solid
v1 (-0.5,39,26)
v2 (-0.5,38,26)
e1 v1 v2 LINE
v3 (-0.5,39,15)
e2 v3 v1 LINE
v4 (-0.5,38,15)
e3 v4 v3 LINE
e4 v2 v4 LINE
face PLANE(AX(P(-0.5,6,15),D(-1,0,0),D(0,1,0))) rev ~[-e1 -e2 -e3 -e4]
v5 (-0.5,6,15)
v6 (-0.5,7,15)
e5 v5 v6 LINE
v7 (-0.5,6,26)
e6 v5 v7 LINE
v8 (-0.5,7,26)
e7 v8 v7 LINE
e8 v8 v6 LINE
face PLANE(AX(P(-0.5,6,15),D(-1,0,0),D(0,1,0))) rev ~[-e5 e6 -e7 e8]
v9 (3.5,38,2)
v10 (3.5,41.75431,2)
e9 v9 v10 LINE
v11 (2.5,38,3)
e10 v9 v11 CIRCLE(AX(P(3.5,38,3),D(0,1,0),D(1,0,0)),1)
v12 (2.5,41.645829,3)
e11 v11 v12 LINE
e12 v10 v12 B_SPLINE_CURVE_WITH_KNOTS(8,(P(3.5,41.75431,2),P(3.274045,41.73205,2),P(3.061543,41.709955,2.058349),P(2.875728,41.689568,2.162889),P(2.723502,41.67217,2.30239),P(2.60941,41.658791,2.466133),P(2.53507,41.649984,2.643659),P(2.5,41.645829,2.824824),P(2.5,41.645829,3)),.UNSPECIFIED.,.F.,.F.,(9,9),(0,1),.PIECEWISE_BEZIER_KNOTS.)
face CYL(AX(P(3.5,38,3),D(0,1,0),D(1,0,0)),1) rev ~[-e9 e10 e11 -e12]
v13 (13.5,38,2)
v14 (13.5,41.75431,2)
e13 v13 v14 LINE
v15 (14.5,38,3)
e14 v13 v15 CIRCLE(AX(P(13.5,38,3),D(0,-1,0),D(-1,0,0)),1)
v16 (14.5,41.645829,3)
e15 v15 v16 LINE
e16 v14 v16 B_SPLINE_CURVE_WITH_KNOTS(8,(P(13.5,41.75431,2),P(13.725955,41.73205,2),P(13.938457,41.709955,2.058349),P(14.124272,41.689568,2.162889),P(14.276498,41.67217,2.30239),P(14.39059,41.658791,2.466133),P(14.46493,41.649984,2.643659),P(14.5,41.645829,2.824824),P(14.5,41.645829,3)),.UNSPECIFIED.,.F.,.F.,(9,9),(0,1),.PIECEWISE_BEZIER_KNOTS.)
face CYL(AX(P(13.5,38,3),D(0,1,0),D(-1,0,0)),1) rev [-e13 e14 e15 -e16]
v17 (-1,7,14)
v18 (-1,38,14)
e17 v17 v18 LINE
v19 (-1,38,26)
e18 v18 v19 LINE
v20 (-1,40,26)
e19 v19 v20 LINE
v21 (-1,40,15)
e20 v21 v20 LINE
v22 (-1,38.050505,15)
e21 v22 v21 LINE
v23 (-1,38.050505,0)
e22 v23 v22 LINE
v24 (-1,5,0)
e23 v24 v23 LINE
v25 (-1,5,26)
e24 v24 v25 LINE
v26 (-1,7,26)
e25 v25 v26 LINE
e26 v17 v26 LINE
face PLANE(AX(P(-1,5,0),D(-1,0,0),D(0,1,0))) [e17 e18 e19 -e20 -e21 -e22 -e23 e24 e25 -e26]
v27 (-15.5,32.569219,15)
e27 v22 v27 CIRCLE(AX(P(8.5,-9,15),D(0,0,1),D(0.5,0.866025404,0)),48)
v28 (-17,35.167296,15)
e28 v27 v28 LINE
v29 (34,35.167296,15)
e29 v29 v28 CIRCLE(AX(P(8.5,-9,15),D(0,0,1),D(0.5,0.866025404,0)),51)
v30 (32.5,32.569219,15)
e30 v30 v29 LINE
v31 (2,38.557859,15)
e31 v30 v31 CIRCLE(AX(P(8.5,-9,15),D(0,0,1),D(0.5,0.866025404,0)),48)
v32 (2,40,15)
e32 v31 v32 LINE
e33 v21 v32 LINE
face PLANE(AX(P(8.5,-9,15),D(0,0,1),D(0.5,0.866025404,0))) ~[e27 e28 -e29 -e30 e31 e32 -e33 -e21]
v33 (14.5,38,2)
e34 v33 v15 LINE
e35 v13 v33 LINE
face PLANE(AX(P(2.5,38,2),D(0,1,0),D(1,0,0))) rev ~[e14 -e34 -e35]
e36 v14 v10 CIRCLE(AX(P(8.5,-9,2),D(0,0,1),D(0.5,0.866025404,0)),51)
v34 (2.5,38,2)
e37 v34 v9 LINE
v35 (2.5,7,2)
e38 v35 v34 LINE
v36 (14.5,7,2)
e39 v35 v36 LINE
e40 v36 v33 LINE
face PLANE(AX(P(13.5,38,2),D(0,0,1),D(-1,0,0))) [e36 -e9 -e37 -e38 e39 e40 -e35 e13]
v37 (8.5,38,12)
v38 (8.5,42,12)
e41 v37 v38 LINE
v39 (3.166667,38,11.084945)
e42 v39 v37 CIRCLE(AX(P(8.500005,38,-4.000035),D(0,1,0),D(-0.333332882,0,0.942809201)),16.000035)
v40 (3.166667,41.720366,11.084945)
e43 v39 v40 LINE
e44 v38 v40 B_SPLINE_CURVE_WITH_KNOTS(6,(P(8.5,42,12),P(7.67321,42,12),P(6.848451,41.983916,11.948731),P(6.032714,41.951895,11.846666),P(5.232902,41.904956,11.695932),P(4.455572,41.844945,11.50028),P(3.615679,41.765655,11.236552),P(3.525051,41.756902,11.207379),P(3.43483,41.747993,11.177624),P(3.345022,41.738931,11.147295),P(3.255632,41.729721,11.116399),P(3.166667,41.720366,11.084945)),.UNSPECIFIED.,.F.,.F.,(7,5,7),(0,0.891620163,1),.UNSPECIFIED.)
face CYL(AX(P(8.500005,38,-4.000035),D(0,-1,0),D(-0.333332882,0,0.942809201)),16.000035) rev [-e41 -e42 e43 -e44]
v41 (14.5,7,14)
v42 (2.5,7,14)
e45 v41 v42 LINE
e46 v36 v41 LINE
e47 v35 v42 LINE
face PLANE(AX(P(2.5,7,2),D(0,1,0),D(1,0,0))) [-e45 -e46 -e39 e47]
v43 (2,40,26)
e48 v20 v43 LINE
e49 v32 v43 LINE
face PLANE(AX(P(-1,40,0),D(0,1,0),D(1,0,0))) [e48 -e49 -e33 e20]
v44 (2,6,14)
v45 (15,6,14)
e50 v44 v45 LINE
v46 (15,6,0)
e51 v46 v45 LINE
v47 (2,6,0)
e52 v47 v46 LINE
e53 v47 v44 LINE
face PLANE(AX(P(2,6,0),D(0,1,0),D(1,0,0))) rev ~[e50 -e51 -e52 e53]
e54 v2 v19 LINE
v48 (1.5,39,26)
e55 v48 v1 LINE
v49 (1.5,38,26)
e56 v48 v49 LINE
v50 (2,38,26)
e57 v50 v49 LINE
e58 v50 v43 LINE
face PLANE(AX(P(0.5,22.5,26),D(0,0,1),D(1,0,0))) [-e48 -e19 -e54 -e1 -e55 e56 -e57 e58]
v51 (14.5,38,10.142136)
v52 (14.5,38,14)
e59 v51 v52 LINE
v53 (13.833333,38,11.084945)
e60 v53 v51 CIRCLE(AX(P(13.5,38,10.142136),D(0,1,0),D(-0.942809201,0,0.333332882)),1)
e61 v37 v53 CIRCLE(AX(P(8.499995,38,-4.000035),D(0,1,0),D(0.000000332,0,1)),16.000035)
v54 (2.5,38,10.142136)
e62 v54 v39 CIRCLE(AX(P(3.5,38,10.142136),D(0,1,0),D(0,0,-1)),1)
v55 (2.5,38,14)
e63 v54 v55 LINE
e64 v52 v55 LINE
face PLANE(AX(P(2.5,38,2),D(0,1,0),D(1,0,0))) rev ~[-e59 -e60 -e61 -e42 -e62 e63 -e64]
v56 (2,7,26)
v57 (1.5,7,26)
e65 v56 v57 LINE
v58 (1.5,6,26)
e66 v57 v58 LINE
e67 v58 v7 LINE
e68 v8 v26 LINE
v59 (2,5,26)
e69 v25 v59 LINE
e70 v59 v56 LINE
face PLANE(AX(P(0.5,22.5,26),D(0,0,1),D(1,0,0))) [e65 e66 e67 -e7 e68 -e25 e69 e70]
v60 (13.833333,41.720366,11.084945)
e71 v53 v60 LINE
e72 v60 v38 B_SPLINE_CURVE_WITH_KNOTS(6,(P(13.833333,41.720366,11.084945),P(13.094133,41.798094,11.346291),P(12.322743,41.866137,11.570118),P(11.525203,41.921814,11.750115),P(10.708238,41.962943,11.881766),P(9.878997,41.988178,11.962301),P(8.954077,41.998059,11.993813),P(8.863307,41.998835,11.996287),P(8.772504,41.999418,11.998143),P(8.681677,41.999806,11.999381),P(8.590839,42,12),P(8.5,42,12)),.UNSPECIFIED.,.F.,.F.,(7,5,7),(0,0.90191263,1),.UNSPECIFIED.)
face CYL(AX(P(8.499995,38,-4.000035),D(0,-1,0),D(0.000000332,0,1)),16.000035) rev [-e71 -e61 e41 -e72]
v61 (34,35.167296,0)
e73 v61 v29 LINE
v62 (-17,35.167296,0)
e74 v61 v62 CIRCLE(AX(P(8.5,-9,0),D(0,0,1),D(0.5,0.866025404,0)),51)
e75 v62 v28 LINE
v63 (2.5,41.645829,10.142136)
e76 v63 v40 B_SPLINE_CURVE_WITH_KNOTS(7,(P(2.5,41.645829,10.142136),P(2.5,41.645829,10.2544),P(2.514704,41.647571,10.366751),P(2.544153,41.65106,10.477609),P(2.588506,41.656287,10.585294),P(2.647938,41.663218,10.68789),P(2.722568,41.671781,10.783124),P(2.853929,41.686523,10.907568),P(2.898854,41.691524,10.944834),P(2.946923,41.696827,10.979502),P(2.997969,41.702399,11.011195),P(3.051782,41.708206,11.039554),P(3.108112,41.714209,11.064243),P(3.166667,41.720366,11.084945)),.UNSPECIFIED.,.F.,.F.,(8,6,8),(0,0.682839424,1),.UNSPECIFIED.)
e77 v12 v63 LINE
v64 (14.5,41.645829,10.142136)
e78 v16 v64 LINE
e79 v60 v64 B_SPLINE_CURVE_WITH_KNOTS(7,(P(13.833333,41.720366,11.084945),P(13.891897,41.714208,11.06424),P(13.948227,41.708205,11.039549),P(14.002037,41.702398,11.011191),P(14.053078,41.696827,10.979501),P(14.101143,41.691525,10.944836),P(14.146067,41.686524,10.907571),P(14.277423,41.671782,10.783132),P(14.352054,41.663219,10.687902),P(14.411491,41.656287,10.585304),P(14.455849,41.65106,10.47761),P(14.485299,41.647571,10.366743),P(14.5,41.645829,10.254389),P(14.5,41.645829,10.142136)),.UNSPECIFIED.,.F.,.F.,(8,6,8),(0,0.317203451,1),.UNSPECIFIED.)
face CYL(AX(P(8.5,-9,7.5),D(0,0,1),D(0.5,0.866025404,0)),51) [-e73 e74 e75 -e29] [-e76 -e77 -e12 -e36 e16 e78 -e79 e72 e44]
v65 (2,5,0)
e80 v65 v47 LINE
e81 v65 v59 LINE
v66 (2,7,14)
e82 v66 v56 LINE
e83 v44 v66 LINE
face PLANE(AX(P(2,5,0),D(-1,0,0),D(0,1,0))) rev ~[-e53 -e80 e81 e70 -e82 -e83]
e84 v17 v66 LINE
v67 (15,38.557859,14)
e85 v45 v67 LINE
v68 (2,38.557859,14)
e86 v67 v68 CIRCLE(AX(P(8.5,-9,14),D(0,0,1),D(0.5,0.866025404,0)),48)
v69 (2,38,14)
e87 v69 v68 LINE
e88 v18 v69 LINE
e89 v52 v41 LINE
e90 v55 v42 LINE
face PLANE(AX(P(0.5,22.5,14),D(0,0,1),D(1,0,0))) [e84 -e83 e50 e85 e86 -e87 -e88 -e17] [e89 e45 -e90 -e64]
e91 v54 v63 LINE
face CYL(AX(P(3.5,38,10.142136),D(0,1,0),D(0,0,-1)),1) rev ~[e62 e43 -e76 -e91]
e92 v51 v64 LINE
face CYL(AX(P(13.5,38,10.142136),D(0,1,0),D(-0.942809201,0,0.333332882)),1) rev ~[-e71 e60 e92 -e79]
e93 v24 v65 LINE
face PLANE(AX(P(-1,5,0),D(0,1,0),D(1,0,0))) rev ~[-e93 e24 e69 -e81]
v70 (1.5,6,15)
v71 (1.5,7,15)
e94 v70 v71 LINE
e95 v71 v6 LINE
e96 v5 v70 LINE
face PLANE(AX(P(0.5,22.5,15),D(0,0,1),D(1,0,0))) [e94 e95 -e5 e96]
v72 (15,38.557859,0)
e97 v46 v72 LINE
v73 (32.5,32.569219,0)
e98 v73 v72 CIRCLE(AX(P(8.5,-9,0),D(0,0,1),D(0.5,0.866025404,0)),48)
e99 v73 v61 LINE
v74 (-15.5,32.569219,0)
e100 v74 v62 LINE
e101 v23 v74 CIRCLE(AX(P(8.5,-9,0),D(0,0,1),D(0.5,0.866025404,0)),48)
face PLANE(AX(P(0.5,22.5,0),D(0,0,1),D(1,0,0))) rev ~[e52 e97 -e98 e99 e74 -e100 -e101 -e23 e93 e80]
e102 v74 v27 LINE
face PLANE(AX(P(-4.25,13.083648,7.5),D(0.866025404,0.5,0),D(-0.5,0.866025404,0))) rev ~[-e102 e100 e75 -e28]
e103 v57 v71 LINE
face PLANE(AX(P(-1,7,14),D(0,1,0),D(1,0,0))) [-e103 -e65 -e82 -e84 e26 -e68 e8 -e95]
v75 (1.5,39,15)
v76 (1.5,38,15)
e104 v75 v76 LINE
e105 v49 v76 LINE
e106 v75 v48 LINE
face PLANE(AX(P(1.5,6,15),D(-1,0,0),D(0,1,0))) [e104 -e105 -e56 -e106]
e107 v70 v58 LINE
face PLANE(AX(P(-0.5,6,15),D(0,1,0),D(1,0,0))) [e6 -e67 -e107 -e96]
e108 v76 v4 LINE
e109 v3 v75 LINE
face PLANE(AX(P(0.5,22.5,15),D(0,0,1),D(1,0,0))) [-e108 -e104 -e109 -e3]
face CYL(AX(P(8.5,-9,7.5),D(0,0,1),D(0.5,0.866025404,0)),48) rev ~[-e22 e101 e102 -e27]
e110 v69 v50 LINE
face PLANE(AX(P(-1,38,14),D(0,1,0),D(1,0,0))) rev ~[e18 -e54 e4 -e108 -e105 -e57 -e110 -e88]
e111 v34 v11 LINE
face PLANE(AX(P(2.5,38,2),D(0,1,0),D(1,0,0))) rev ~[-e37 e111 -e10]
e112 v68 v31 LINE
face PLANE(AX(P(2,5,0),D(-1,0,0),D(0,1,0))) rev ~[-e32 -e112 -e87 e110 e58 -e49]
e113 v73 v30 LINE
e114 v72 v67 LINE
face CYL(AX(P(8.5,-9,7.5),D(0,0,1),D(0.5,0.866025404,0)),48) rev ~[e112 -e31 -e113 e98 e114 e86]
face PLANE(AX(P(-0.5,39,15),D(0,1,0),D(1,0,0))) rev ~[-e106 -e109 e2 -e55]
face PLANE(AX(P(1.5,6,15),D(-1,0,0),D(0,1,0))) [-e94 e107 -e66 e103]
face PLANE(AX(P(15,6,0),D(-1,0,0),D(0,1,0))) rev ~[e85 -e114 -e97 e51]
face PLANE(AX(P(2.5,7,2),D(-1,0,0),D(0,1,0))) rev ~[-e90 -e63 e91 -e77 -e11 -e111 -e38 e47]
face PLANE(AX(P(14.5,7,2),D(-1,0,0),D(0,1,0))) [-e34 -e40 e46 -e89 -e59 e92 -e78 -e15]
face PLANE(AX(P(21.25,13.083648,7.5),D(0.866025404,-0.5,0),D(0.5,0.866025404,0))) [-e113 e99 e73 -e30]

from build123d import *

# Parameters (mm, degrees)
BOX004_W                    = 3
BOX004_H                    = 31
BOX004_DEPTH                = 14
BOX003_W                    = 2
BOX003_H                    = 33
BOX003_DEPTH                = 11.2
BOX002_W                    = 3
BOX002_H                    = 35
BOX002_DEPTH                = 26
EXTRUDE_DEPTH               = 5
EXTRUDE001_DEPTH            = 5
THICKNESS_T                 = 1
BOX_W                       = 12
BOX_H                       = 31
BOX_DEPTH                   = 15
BOX001_W                    = 13
BOX001_H                    = 34
BOX001_DEPTH                = 14
CYLINDER001_W               = 48
CYLINDER001_H               = 15
CYLINDER001_ANGLE           = 60
CYLINDER001_PLACEMENT_ANGLE = 60
CYLINDER_W                  = 51
CYLINDER_H                  = 15
CYLINDER_ANGLE              = 60
CYLINDER_PLACEMENT_ANGLE    = 60


with BuildPart() as slot_wall_cutout2:
    # Box004 → Box004 (new body)
    with BuildSketch(Plane(origin=(-1, 7, 14), x_dir=(1, 0, 0), z_dir=(0, 0, 1))):
        with Locations((1.5, 15.5)):
            Rectangle(BOX004_W, BOX004_H)
    extrude(amount=BOX004_DEPTH)


with BuildPart() as slot_wall_cutout1:
    # Box003 → Box003 (new body)
    with BuildSketch(Plane(origin=(-0.5, 6, 15), x_dir=(1, 0, 0), z_dir=(0, 0, 1))):
        with Locations((1, 16.5)):
            Rectangle(BOX003_W, BOX003_H)
    extrude(amount=BOX003_DEPTH)


with BuildPart() as wall_slot_finished:
    # Box002 → Box002 (new body)
    with BuildSketch(Plane(origin=(-1, 5, 0), x_dir=(1, 0, 0), z_dir=(0, 0, 1))):
        with Locations((1.5, 17.5)):
            Rectangle(BOX002_W, BOX002_H)
    extrude(amount=BOX002_DEPTH)

    # Cut003: cut slot wall cutout1
    add(slot_wall_cutout1.part, mode=Mode.SUBTRACT)

    # Cut004: cut slot wall cutout2
    add(slot_wall_cutout2.part, mode=Mode.SUBTRACT)


with BuildPart() as extrude_body:
    # Common_cs → Extrude (new body)
    with BuildSketch(Plane(origin=(8.5, 45, 6), x_dir=(1, 0, 0), z_dir=(0, 1, 0))):
        with BuildLine():
            Line((5, 4), (-5, 4))
            Line((-5, 4), (-5, -3.142136))
            ThreePointArc((-5, -3.142136), (-2.53653, -3.783978), (0, -4))
            ThreePointArc((0, -4), (2.53653, -3.783978), (5, -3.142136))
            Line((5, -3.142136), (5, 4))
        make_face()
    extrude(amount=EXTRUDE_DEPTH)


with BuildPart() as extrude001:
    # Common_cs001 → Extrude001 (new body)
    with BuildSketch(Plane(origin=(8.5, 45, 6), x_dir=(1, 0, 0), z_dir=(0, 1, 0))):
        with BuildLine():
            Line((5, 4), (-5, 4))
            Line((-5, 4), (-5, -3.142136))
            ThreePointArc((-5, -3.142136), (-2.53653, -3.783978), (0, -4))
            ThreePointArc((0, -4), (2.53653, -3.783978), (5, -3.142136))
            Line((5, -3.142136), (5, 4))
        make_face()
    extrude(amount=EXTRUDE001_DEPTH)


with BuildPart() as bolt_bottle_side_opening:
    # Thickness base: copy of Extrude body
    add(extrude_body.part)

    # Thickness
    thickness_openings = [bolt_bottle_side_opening.faces().sort_by_distance(p)[0] for p in [
        (8.5, 50, 5.862901),
    ]]
    offset(amount=THICKNESS_T, openings=thickness_openings)

    # Fusion: union Extrude body, Extrude001
    add(extrude_body.part)
    add(extrude001.part)


with BuildPart() as bolt_bottle_side_opening_1:
    # Fusion placement: moved
    add(bolt_bottle_side_opening.part.moved(Location((0, -7, 1))))


with BuildPart() as pullbay:
    # Box → Box (new body)
    with BuildSketch(Plane(origin=(2.5, 7, 2), x_dir=(1, 0, 0), z_dir=(0, 0, 1))):
        with Locations((6, 15.5)):
            Rectangle(BOX_W, BOX_H)
    extrude(amount=BOX_DEPTH)


with BuildPart() as cut_bay_from_case:
    # Box001 → Box001 (new body)
    with BuildSketch(Plane(origin=(2, 6, 0), x_dir=(1, 0, 0), z_dir=(0, 0, 1))):
        with Locations((6.5, 17)):
            Rectangle(BOX001_W, BOX001_H)
    extrude(amount=BOX001_DEPTH)

    # Cut001: cut pullBay
    add(pullbay.part, mode=Mode.SUBTRACT)


with BuildPart() as bottle_wall001:
    # Cylinder001 → Cylinder001 (revolve)
    with BuildSketch(Plane.XZ):
        with Locations((24, 7.5)):
            Rectangle(CYLINDER001_W, CYLINDER001_H)
    revolve(axis=Axis((0, 0, 0), (0, 0, 1)), revolution_arc=CYLINDER001_ANGLE)


with BuildPart() as bottle_wall001_1:
    # Cylinder001 placement: moved
    add(bottle_wall001.part.moved(Location((8.5, -7, 0))).rotate(Axis((8.5, -7, 0), (0, 0, 1)), CYLINDER001_PLACEMENT_ANGLE))


with BuildPart() as fusion002:
    # Cylinder → Cylinder (revolve)
    with BuildSketch(Plane.XZ):
        with Locations((25.5, 7.5)):
            Rectangle(CYLINDER_W, CYLINDER_H)
    revolve(axis=Axis((0, 0, 0), (0, 0, 1)), revolution_arc=CYLINDER_ANGLE)


with BuildPart() as fusion002_1:
    # Cylinder placement: moved
    add(fusion002.part.moved(Location((8.5, -7, 0))).rotate(Axis((8.5, -7, 0), (0, 0, 1)), CYLINDER_PLACEMENT_ANGLE))

    # Cut: cut bottle_wall001
    add(bottle_wall001_1.part, mode=Mode.SUBTRACT)


with BuildPart() as fusion002_2:
    # Cut placement: moved
    add(fusion002_1.part.moved(Location((0, -2, 0))))

    # Fusion001: union cut bay from case
    add(cut_bay_from_case.part)

    # Cut002: cut bolt_bottle_side_opening
    add(bolt_bottle_side_opening_1.part, mode=Mode.SUBTRACT)

    # Fusion002: union wall slot finished
    add(wall_slot_finished.part)


solid = fusion002_2.part
